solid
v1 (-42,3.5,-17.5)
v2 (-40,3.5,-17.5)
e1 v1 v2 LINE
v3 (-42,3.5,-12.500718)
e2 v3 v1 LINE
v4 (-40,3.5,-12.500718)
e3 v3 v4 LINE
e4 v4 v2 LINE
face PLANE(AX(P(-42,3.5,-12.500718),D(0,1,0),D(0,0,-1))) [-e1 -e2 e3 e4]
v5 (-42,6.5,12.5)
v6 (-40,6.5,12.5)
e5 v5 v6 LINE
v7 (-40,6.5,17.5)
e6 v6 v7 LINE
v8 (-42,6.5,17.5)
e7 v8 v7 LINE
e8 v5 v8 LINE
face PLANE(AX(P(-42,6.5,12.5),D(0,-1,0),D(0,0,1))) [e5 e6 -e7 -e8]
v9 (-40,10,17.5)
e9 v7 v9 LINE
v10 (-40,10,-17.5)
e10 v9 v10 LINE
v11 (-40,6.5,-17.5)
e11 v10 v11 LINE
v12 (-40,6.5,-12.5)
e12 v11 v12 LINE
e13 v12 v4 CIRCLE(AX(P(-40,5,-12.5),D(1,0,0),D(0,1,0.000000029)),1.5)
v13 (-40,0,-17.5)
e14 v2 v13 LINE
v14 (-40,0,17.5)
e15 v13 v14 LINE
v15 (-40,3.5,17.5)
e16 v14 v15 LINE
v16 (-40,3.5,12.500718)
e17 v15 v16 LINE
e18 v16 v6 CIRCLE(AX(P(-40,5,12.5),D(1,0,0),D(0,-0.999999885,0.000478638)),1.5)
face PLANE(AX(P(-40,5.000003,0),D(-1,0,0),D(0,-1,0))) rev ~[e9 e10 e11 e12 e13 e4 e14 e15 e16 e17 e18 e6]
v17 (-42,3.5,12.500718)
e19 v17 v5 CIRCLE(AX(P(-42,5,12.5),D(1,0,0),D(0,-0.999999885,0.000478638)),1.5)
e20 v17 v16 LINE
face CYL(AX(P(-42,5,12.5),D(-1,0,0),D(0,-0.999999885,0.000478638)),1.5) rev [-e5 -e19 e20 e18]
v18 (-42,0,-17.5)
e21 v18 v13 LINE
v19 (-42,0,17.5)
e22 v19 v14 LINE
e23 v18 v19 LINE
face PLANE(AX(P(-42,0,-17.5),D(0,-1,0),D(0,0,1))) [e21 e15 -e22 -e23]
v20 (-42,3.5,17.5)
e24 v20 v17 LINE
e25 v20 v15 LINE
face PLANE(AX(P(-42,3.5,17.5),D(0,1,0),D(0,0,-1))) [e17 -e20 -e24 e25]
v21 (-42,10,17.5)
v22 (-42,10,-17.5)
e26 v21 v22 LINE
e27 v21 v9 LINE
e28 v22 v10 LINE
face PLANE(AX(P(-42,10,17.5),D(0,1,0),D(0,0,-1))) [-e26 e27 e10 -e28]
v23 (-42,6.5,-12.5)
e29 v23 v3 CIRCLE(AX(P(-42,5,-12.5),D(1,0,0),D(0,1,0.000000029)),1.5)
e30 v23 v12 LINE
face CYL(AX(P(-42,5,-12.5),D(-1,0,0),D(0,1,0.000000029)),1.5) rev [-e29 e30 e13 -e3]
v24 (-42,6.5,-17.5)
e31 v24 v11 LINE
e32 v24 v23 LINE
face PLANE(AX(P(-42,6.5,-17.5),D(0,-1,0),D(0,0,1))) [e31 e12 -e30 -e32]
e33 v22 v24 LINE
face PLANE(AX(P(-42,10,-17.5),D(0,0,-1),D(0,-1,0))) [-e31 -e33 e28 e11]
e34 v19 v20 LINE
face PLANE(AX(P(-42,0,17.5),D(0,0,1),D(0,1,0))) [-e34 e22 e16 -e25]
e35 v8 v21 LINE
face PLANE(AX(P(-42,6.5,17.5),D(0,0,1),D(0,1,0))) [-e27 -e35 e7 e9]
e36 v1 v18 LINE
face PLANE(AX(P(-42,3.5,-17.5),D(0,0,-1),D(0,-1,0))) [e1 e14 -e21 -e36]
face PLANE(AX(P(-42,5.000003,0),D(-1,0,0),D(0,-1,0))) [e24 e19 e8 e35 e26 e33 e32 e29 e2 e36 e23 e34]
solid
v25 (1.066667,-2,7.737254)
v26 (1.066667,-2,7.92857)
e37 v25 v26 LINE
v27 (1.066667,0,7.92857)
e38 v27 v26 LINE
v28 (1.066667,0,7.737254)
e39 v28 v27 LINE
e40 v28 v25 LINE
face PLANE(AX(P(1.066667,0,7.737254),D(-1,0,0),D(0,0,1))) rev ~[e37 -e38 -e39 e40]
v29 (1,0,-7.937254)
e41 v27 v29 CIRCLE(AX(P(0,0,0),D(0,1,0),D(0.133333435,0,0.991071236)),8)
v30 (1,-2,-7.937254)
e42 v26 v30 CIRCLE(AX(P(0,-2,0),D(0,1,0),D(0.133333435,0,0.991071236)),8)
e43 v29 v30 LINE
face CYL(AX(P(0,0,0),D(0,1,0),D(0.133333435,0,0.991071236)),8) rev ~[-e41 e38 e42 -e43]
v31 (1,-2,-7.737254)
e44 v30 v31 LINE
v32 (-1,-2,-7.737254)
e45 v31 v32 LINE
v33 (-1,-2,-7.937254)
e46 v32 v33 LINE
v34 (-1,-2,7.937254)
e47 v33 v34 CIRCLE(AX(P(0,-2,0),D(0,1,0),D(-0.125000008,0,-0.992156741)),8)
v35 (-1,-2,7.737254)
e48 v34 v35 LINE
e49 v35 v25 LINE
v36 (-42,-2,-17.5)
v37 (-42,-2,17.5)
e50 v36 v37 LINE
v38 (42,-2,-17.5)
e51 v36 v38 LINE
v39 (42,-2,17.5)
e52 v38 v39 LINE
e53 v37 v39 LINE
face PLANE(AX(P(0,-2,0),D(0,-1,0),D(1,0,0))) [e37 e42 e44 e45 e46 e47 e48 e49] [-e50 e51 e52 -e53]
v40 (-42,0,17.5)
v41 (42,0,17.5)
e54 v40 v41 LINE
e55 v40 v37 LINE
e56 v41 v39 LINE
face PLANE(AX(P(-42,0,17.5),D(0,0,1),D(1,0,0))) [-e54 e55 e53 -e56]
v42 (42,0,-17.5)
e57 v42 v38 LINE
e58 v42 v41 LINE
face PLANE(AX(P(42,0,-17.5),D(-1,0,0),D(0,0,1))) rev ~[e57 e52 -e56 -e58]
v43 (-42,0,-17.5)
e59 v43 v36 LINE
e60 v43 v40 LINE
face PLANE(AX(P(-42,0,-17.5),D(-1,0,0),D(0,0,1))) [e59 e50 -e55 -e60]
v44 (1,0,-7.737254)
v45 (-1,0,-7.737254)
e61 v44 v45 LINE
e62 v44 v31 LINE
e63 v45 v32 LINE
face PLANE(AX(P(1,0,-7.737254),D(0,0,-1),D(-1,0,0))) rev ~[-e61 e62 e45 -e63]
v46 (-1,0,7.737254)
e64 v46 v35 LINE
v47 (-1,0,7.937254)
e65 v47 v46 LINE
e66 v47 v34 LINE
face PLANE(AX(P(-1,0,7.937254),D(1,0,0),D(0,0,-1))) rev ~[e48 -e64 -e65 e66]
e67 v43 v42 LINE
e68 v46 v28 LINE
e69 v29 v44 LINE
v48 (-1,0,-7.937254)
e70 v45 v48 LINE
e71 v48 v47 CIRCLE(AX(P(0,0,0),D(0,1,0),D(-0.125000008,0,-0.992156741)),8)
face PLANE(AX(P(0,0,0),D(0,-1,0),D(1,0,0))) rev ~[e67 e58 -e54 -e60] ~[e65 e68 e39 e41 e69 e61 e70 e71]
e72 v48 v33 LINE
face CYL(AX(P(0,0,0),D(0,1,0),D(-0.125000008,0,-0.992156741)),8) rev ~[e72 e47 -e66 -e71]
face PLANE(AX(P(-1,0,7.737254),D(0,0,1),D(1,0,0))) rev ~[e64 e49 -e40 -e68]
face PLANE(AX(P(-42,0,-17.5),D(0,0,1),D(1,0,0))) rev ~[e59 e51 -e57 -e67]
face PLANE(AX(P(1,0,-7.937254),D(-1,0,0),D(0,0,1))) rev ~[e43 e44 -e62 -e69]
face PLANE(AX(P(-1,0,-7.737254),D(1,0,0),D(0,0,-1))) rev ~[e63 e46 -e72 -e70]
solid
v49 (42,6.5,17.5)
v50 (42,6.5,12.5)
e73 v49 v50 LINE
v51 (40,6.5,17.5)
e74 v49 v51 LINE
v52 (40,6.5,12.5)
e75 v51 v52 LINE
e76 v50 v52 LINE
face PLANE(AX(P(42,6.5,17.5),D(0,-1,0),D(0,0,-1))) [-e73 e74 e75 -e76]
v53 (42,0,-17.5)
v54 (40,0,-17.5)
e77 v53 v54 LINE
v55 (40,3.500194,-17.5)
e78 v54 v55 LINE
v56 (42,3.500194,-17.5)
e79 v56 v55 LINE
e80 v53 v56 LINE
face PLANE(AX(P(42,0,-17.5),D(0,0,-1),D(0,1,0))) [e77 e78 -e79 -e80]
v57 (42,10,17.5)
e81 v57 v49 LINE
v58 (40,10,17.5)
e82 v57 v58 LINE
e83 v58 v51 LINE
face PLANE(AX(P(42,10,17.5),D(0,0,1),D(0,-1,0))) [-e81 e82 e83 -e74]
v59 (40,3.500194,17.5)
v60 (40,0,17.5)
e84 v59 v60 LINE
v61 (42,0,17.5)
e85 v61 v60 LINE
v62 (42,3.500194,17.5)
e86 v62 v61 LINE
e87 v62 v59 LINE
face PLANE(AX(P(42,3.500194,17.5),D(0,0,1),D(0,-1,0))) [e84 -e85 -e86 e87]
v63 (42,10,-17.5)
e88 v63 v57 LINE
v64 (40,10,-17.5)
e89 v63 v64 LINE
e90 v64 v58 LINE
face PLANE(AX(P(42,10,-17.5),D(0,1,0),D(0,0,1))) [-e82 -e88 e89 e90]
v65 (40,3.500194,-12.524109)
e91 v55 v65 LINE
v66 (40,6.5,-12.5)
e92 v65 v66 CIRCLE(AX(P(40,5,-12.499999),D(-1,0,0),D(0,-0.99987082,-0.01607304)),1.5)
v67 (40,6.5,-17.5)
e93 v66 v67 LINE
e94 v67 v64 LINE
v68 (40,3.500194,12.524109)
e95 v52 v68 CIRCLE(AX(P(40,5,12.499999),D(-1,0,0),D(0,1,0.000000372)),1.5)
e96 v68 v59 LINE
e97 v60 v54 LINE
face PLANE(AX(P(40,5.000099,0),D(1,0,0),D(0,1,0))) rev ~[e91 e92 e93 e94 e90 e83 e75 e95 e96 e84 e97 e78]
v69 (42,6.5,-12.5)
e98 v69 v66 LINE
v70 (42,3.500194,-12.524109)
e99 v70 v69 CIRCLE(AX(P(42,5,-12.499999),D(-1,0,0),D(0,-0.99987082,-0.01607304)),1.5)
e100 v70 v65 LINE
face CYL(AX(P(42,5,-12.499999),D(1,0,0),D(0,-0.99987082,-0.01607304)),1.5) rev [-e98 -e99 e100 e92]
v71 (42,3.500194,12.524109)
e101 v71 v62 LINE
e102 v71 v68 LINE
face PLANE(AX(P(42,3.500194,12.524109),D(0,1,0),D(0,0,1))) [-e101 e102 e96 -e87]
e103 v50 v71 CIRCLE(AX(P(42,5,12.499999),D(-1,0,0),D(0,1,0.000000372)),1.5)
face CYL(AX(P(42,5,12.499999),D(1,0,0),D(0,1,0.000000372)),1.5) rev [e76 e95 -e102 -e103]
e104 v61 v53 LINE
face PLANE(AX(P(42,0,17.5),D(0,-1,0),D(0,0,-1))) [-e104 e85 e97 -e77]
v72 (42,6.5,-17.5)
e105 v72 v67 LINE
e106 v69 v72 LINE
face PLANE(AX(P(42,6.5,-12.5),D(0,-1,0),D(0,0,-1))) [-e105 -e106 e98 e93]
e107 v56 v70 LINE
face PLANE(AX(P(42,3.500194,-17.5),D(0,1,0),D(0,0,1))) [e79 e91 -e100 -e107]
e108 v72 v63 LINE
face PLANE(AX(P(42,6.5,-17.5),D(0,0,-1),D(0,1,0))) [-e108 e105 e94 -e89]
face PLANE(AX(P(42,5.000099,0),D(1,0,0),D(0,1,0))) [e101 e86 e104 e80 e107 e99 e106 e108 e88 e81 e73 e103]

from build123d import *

# Parameters (mm, degrees)
F0_W     = 84
F0_H     = 35
F1_DEPTH = 2
F3_DEPTH = 2
F5_DEPTH = 2


with BuildPart() as f1:
    # F0 (on Front) → F1 (new body)
    with BuildSketch(Plane.XZ):
        Rectangle(F0_W, F0_H)
        with BuildLine():
            ThreePointArc((-1, -7.937254), (-8, 0), (-1, 7.937254))
            Line((-1, 7.937254), (-1, 7.737254))
            Line((-1, 7.737254), (1.066667, 7.737254))
            Line((1.066667, 7.737254), (1.066667, 7.92857))
            ThreePointArc((1.066667, 7.92857), (7.999929, -0.033615), (1, -7.937254))
            Line((1, -7.937254), (1, -7.737254))
            Line((1, -7.737254), (-1, -7.737254))
            Line((-1, -7.737254), (-1, -7.937254))
        make_face(mode=Mode.SUBTRACT)
    extrude(amount=F1_DEPTH)


with BuildPart() as f3:
    # F2 (on face) → F3 (new body)
    with BuildSketch(Plane.YZ.offset(42)):
        with BuildLine():
            Line((3.500194, 17.5), (0, 17.5))
            Line((0, 17.5), (0, -17.5))
            Line((0, -17.5), (3.500194, -17.5))
            Line((3.500194, -17.5), (3.500194, -12.524109))
            ThreePointArc((3.500194, -12.524109), (4.987945, -11.000048), (6.5, -12.5))
            Line((6.5, -12.5), (6.5, -17.5))
            Line((6.5, -17.5), (10, -17.5))
            Line((10, -17.5), (10, 17.5))
            Line((10, 17.5), (6.5, 17.5))
            Line((6.5, 17.5), (6.5, 12.5))
            ThreePointArc((6.5, 12.5), (4.987945, 11.000048), (3.500194, 12.524109))
            Line((3.500194, 12.524109), (3.500194, 17.5))
        make_face()
    extrude(amount=-F3_DEPTH)


with BuildPart() as f5:
    # F4 (on face) → F5 (new body)
    with BuildSketch(Plane(origin=(-42, 0, 0), x_dir=(0, -1, 0), z_dir=(-1, 0, 0))):
        with BuildLine():
            Line((-6.5, 17.5), (-10, 17.5))
            Line((-10, 17.5), (-10, -17.5))
            Line((-10, -17.5), (-6.5, -17.5))
            Line((-6.5, -17.5), (-6.5, -12.5))
            ThreePointArc((-6.5, -12.5), (-4.999641, -11), (-3.5, -12.500718))
            Line((-3.5, -12.500718), (-3.5, -17.5))
            Line((-3.5, -17.5), (0, -17.5))
            Line((0, -17.5), (0, 17.5))
            Line((0, 17.5), (-3.5, 17.5))
            Line((-3.5, 17.5), (-3.5, 12.500718))
            ThreePointArc((-3.5, 12.500718), (-4.999641, 11), (-6.5, 12.5))
            Line((-6.5, 12.5), (-6.5, 17.5))
        make_face()
    extrude(amount=-F5_DEPTH)


solid = Compound([f1.part, f3.part, f5.part])
